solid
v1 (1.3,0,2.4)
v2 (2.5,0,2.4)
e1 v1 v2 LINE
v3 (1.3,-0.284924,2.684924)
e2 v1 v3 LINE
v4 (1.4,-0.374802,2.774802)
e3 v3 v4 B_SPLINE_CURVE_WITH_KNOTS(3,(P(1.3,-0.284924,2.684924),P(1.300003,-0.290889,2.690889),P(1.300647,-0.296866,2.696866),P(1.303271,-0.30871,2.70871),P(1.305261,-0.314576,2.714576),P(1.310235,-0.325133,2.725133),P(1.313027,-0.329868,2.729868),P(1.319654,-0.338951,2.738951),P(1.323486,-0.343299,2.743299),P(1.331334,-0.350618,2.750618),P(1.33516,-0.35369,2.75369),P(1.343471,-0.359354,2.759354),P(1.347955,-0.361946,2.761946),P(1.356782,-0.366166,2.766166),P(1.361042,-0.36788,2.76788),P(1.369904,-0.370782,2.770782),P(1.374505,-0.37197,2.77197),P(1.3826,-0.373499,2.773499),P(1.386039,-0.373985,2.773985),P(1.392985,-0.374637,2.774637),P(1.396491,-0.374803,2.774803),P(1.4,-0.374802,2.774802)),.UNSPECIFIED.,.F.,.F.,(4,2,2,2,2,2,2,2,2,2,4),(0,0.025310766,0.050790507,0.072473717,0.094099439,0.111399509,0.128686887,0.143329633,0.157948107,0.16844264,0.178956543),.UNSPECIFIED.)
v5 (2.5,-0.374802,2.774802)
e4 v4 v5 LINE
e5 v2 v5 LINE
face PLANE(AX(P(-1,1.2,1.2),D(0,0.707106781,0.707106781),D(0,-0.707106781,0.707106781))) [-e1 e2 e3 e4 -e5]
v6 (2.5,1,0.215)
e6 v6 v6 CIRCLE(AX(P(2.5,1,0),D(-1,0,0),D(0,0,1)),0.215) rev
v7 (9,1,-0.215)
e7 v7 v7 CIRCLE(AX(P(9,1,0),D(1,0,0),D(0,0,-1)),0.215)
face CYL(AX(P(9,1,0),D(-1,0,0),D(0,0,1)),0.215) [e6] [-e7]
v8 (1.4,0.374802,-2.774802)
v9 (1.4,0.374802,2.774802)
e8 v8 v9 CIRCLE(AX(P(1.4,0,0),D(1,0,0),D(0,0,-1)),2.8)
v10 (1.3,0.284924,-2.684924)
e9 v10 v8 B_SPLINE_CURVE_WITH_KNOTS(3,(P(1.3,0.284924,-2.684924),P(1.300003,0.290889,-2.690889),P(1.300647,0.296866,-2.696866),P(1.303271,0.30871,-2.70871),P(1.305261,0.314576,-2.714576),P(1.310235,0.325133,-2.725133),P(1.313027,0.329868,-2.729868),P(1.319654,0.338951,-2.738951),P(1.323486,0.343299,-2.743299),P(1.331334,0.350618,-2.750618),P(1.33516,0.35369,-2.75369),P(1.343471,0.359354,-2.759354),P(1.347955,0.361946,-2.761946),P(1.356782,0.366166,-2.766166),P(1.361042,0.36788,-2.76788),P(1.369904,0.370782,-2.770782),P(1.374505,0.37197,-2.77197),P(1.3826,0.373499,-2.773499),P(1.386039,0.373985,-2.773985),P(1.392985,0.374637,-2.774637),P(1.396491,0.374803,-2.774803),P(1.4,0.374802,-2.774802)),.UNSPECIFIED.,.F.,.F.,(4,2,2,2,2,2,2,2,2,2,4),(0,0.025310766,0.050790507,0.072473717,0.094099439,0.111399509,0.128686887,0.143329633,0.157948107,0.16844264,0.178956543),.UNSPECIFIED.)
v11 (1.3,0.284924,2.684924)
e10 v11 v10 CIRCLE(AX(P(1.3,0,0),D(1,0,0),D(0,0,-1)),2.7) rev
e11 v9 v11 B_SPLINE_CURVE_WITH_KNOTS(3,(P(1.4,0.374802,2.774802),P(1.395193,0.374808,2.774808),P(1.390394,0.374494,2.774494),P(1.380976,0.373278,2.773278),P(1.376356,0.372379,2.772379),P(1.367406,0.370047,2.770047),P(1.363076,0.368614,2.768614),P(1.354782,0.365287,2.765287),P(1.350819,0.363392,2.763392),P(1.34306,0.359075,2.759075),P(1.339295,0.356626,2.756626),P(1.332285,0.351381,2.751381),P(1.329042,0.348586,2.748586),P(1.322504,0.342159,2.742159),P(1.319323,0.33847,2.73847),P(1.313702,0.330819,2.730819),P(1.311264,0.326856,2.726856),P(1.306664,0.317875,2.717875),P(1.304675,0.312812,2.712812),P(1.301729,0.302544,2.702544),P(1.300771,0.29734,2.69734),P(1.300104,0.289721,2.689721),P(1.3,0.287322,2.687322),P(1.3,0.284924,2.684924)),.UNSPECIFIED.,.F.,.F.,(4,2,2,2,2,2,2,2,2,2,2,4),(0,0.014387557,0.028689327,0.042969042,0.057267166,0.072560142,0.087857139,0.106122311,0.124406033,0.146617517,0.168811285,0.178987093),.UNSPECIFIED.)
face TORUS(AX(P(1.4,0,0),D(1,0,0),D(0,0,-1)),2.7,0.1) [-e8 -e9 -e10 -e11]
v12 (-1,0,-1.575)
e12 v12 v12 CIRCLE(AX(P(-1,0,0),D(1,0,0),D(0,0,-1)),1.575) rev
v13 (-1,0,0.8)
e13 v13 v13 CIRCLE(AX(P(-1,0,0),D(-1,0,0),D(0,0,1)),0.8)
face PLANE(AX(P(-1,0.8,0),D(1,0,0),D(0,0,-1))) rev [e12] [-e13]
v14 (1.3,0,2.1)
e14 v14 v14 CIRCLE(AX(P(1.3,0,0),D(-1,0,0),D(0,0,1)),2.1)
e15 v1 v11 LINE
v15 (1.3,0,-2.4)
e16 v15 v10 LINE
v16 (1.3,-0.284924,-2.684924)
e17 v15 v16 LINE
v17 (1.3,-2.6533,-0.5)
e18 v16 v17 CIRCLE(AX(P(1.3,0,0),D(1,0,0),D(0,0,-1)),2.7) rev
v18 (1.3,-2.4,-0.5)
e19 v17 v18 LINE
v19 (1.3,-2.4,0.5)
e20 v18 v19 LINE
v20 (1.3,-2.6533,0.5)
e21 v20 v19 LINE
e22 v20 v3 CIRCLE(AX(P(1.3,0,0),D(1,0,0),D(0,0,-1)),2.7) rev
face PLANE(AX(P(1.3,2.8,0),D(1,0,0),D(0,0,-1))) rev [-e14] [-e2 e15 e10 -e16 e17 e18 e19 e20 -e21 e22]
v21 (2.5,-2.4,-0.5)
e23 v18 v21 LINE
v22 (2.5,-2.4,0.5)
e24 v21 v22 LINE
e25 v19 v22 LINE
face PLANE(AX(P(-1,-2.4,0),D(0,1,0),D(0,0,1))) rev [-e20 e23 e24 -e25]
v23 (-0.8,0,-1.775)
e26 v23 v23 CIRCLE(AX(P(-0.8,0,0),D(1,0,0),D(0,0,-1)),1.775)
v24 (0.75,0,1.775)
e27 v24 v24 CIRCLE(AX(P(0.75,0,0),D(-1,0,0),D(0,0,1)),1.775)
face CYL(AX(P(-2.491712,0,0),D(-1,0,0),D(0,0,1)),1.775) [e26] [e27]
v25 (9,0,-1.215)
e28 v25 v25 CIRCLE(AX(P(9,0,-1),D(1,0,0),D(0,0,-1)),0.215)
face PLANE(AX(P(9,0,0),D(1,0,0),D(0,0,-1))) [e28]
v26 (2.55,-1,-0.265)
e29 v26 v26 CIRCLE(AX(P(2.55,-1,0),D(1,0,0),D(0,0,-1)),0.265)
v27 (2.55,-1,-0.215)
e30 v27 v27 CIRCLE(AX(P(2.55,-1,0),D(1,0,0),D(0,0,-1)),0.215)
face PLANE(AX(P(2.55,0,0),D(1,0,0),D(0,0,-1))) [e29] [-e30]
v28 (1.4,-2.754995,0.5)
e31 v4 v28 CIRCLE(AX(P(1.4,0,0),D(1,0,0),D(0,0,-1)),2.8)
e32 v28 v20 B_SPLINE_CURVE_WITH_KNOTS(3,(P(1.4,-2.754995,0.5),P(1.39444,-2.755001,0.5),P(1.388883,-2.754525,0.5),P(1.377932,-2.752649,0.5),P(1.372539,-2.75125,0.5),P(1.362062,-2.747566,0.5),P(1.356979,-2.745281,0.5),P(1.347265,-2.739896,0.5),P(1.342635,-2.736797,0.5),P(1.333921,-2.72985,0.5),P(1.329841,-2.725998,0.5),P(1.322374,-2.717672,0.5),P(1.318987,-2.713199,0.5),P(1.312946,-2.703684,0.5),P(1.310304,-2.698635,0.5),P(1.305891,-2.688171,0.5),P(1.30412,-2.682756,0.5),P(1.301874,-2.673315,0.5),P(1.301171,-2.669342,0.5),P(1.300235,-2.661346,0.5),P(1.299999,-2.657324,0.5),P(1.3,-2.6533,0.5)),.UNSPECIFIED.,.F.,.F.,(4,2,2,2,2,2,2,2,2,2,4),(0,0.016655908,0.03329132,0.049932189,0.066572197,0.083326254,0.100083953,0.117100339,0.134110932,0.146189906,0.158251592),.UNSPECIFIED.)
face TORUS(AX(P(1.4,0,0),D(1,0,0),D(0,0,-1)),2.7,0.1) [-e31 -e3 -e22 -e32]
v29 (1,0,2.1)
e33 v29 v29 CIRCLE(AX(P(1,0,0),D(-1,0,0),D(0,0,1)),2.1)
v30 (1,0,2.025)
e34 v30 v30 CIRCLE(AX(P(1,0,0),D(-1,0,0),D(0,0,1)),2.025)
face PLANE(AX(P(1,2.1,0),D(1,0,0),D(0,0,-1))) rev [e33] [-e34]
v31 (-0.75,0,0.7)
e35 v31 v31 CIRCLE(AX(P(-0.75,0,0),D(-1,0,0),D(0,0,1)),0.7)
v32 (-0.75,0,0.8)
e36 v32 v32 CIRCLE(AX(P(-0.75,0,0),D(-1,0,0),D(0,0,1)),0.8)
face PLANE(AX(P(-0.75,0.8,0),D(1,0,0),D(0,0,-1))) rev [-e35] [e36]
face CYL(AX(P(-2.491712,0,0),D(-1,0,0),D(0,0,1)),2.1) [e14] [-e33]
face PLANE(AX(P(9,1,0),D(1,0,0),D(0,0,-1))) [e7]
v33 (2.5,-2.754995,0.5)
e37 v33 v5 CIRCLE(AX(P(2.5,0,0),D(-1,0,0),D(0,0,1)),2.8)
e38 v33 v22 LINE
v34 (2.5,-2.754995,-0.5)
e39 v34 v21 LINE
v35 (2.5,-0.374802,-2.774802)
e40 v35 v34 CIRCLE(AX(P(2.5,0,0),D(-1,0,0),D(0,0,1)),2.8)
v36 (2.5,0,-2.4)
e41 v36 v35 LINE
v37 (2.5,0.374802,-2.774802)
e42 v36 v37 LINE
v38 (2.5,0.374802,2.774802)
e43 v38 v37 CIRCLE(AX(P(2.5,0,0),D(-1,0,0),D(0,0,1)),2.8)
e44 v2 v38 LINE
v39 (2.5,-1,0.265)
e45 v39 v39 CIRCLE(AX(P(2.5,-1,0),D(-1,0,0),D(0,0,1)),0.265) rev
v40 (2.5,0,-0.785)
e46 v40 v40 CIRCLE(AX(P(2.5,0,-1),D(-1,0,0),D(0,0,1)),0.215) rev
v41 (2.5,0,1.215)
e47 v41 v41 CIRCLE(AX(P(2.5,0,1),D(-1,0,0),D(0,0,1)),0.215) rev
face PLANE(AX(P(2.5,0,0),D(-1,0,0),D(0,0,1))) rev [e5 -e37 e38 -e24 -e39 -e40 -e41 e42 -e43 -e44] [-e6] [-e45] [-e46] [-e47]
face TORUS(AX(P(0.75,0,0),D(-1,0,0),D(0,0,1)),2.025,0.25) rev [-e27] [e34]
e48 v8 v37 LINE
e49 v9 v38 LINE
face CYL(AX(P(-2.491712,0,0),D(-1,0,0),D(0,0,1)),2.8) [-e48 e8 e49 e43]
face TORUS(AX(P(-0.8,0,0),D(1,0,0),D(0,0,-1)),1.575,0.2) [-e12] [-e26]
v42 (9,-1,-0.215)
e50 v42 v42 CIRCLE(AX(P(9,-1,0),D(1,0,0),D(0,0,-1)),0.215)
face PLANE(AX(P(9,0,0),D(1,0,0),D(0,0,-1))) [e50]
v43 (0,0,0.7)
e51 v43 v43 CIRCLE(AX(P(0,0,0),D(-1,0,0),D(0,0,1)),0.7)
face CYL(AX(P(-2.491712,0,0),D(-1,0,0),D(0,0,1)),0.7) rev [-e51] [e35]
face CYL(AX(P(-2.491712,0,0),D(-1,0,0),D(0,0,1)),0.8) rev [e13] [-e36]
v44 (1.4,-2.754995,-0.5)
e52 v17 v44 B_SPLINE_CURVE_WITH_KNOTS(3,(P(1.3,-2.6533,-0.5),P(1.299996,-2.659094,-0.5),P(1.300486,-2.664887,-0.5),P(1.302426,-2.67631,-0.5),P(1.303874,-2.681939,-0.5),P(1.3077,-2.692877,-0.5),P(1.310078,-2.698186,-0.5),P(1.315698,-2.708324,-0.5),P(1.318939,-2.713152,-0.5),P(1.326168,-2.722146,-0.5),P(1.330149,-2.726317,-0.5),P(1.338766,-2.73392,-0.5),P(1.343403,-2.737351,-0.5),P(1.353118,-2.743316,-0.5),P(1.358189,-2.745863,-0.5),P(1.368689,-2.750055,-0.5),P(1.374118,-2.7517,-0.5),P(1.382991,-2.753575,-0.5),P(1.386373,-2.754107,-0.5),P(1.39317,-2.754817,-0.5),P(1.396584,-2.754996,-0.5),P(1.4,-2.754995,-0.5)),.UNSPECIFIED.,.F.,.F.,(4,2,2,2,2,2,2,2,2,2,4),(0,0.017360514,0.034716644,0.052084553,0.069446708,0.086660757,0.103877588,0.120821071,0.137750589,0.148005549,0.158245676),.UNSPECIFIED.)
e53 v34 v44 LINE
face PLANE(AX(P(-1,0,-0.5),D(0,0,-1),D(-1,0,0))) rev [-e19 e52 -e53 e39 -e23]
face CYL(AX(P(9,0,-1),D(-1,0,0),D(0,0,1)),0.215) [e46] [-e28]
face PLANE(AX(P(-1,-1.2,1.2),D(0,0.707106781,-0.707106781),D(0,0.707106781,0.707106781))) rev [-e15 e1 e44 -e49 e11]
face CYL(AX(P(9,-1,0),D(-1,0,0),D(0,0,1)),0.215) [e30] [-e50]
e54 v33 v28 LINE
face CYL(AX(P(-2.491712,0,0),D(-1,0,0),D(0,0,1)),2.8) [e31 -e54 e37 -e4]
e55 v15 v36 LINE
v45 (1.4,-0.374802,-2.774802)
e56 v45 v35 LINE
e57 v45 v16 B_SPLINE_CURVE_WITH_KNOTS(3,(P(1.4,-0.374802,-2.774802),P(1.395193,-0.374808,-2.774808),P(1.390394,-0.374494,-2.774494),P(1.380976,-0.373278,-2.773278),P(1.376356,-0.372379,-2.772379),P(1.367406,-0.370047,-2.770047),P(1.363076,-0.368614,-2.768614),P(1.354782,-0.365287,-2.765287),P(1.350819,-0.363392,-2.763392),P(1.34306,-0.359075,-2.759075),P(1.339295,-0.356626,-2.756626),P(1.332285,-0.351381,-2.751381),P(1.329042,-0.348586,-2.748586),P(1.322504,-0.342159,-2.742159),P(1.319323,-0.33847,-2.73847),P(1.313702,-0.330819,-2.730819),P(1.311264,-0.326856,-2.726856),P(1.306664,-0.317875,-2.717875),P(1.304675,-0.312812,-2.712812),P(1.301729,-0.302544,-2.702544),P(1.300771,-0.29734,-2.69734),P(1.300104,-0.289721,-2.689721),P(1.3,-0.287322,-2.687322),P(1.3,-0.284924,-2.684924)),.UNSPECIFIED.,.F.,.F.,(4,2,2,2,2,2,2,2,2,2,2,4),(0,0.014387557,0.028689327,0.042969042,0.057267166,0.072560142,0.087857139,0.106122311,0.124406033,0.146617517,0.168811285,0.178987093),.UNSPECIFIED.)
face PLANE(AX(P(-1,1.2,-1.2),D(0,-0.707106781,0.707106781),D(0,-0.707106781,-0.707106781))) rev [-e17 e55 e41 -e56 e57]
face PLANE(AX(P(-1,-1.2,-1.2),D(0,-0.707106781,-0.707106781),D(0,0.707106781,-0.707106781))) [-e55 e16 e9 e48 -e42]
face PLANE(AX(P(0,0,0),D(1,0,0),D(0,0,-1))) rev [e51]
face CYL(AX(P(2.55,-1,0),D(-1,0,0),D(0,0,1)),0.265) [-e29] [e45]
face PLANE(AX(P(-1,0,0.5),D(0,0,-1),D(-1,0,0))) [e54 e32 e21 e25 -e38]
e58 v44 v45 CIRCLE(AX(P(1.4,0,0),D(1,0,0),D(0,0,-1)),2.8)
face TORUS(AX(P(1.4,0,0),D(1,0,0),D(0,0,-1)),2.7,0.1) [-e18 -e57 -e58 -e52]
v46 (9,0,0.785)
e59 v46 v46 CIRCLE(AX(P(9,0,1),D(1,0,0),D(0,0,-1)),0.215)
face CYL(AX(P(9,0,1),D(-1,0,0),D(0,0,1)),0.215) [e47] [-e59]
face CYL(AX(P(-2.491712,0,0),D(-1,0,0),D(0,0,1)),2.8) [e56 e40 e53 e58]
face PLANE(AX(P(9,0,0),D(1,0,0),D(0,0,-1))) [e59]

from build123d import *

# Parameters (mm, degrees)
SKETCH6_R           = 0.215
EXTRUDE2_DEPTH      = 6.5
CUT_EXTRUDE1_DEPTH  = 8.611175993
FILLET1_R           = 0.2
FILLET2_R           = 0.1
SKETCH6_3_R         = 0.265
SKETCH6_3_R_2       = 0.215
BOSS_EXTRUDE2_DEPTH = 0.05


with BuildPart() as part:
    # Sketch4 → Revolve2 (revolve)
    with BuildSketch(Plane.XY, mode=Mode.PRIVATE) as revolve2_sk:
        with BuildLine():
            Line((0, 0), (0, 0.7))
            Line((0, 0.7), (-0.75, 0.7))
            Line((-0.75, 0.7), (-0.75, 0.8))
            Line((-0.75, 0.8), (-1, 0.8))
            Line((-1, 0.8), (-1, 1.775))
            Line((-1, 1.775), (0.75, 1.775))
            ThreePointArc((0.75, 1.775), (0.926776695, 1.848223305), (1, 2.025))
            Line((1, 2.025), (1, 2.1))
            Line((1, 2.1), (1.3, 2.1))
            Line((1.3, 2.1), (1.3, 2.8))
            Line((1.3, 2.8), (2.5, 2.8))
            Line((2.5, 2.8), (2.5, 0))
            Line((2.5, 0), (0, 0))
        make_face()
    revolve(revolve2_sk.sketch.rotate(Axis((-2.49171246, 0, 0), (1, 0, 0)), 90), axis=Axis((-2.49171246, 0, 0), (1, 0, 0)))

    # Sketch6 → Extrude2 (add)
    with BuildSketch(Plane(origin=(2.5, 0, 0), x_dir=(0, 0, -1), z_dir=(1, 0, 0))):
        with Locations(Location((0, -1, 0), (0, 0, 180))):
            Circle(SKETCH6_R)
        with Locations(Location((-1, 0, 0), (0, 0, 180))):
            Circle(SKETCH6_R)
        with Locations(Location((1, 0, 0), (0, 0, 180))):
            Circle(SKETCH6_R)
        with Locations(Location((0, 1, 0), (0, 0, 180))):
            Circle(SKETCH6_R)
    extrude(amount=EXTRUDE2_DEPTH)

    # Sketch8 → Cut-Extrude1 (cut, through all)
    with BuildSketch(Plane(origin=(2.5, 0, 0), x_dir=(0, 0, -1), z_dir=(1, 0, 0))):
        with BuildLine():
            Line((-2.4, 0), (-2.774801575, 0.374801575))
            ThreePointArc((-2.774801575, 0.374801575), (-2.8, 0), (-2.774801575, -0.374801575))
            Line((-2.774801575, -0.374801575), (-2.4, 0))
        make_face()
        with BuildLine():
            Line((2.774801575, 0.374801575), (2.4, 0))
            Line((2.4, 0), (2.774801575, -0.374801575))
            ThreePointArc((2.774801575, -0.374801575), (2.793693291, -0.187823841), (2.8, 0))
            ThreePointArc((2.8, 0), (2.793693291, 0.187823841), (2.774801575, 0.374801575))
        make_face()
        with BuildLine():
            ThreePointArc((-0.5, -2.754995463), (0, -2.8), (0.5, -2.754995463))
            Line((0.5, -2.754995463), (0.5, -2.4))
            Line((0.5, -2.4), (-0.5, -2.4))
            Line((-0.5, -2.4), (-0.5, -2.754995463))
        make_face()
    extrude(amount=-CUT_EXTRUDE1_DEPTH, mode=Mode.SUBTRACT)

    # Fillet1
    fillet1_edges = [part.edges().sort_by_distance(p)[0] for p in [
        (-1, 0, -1.775),
    ]]
    fillet(fillet1_edges, radius=FILLET1_R)

    # Fillet2
    fillet2_edges = [part.edges().sort_by_distance(p)[0] for p in [
        (1.3, 2.8, 0),
        (1.3, -1.934576937, -2.02420653),
        (1.3, -1.934576937, 2.02420653),
    ]]
    fillet(fillet2_edges, radius=FILLET2_R)

    # Sketch6<3> → Boss-Extrude2 (add)
    with BuildSketch(Plane(origin=(2.5, 0, 0), x_dir=(0, 0, -1), z_dir=(1, 0, 0))):
        with Locations(Location((0, -1, 0), (0, 0, 180))):
            Circle(SKETCH6_3_R)
        with Locations((0, -1)):
            Circle(SKETCH6_3_R_2, mode=Mode.SUBTRACT)
    extrude(amount=BOSS_EXTRUDE2_DEPTH)


solid = part.part
